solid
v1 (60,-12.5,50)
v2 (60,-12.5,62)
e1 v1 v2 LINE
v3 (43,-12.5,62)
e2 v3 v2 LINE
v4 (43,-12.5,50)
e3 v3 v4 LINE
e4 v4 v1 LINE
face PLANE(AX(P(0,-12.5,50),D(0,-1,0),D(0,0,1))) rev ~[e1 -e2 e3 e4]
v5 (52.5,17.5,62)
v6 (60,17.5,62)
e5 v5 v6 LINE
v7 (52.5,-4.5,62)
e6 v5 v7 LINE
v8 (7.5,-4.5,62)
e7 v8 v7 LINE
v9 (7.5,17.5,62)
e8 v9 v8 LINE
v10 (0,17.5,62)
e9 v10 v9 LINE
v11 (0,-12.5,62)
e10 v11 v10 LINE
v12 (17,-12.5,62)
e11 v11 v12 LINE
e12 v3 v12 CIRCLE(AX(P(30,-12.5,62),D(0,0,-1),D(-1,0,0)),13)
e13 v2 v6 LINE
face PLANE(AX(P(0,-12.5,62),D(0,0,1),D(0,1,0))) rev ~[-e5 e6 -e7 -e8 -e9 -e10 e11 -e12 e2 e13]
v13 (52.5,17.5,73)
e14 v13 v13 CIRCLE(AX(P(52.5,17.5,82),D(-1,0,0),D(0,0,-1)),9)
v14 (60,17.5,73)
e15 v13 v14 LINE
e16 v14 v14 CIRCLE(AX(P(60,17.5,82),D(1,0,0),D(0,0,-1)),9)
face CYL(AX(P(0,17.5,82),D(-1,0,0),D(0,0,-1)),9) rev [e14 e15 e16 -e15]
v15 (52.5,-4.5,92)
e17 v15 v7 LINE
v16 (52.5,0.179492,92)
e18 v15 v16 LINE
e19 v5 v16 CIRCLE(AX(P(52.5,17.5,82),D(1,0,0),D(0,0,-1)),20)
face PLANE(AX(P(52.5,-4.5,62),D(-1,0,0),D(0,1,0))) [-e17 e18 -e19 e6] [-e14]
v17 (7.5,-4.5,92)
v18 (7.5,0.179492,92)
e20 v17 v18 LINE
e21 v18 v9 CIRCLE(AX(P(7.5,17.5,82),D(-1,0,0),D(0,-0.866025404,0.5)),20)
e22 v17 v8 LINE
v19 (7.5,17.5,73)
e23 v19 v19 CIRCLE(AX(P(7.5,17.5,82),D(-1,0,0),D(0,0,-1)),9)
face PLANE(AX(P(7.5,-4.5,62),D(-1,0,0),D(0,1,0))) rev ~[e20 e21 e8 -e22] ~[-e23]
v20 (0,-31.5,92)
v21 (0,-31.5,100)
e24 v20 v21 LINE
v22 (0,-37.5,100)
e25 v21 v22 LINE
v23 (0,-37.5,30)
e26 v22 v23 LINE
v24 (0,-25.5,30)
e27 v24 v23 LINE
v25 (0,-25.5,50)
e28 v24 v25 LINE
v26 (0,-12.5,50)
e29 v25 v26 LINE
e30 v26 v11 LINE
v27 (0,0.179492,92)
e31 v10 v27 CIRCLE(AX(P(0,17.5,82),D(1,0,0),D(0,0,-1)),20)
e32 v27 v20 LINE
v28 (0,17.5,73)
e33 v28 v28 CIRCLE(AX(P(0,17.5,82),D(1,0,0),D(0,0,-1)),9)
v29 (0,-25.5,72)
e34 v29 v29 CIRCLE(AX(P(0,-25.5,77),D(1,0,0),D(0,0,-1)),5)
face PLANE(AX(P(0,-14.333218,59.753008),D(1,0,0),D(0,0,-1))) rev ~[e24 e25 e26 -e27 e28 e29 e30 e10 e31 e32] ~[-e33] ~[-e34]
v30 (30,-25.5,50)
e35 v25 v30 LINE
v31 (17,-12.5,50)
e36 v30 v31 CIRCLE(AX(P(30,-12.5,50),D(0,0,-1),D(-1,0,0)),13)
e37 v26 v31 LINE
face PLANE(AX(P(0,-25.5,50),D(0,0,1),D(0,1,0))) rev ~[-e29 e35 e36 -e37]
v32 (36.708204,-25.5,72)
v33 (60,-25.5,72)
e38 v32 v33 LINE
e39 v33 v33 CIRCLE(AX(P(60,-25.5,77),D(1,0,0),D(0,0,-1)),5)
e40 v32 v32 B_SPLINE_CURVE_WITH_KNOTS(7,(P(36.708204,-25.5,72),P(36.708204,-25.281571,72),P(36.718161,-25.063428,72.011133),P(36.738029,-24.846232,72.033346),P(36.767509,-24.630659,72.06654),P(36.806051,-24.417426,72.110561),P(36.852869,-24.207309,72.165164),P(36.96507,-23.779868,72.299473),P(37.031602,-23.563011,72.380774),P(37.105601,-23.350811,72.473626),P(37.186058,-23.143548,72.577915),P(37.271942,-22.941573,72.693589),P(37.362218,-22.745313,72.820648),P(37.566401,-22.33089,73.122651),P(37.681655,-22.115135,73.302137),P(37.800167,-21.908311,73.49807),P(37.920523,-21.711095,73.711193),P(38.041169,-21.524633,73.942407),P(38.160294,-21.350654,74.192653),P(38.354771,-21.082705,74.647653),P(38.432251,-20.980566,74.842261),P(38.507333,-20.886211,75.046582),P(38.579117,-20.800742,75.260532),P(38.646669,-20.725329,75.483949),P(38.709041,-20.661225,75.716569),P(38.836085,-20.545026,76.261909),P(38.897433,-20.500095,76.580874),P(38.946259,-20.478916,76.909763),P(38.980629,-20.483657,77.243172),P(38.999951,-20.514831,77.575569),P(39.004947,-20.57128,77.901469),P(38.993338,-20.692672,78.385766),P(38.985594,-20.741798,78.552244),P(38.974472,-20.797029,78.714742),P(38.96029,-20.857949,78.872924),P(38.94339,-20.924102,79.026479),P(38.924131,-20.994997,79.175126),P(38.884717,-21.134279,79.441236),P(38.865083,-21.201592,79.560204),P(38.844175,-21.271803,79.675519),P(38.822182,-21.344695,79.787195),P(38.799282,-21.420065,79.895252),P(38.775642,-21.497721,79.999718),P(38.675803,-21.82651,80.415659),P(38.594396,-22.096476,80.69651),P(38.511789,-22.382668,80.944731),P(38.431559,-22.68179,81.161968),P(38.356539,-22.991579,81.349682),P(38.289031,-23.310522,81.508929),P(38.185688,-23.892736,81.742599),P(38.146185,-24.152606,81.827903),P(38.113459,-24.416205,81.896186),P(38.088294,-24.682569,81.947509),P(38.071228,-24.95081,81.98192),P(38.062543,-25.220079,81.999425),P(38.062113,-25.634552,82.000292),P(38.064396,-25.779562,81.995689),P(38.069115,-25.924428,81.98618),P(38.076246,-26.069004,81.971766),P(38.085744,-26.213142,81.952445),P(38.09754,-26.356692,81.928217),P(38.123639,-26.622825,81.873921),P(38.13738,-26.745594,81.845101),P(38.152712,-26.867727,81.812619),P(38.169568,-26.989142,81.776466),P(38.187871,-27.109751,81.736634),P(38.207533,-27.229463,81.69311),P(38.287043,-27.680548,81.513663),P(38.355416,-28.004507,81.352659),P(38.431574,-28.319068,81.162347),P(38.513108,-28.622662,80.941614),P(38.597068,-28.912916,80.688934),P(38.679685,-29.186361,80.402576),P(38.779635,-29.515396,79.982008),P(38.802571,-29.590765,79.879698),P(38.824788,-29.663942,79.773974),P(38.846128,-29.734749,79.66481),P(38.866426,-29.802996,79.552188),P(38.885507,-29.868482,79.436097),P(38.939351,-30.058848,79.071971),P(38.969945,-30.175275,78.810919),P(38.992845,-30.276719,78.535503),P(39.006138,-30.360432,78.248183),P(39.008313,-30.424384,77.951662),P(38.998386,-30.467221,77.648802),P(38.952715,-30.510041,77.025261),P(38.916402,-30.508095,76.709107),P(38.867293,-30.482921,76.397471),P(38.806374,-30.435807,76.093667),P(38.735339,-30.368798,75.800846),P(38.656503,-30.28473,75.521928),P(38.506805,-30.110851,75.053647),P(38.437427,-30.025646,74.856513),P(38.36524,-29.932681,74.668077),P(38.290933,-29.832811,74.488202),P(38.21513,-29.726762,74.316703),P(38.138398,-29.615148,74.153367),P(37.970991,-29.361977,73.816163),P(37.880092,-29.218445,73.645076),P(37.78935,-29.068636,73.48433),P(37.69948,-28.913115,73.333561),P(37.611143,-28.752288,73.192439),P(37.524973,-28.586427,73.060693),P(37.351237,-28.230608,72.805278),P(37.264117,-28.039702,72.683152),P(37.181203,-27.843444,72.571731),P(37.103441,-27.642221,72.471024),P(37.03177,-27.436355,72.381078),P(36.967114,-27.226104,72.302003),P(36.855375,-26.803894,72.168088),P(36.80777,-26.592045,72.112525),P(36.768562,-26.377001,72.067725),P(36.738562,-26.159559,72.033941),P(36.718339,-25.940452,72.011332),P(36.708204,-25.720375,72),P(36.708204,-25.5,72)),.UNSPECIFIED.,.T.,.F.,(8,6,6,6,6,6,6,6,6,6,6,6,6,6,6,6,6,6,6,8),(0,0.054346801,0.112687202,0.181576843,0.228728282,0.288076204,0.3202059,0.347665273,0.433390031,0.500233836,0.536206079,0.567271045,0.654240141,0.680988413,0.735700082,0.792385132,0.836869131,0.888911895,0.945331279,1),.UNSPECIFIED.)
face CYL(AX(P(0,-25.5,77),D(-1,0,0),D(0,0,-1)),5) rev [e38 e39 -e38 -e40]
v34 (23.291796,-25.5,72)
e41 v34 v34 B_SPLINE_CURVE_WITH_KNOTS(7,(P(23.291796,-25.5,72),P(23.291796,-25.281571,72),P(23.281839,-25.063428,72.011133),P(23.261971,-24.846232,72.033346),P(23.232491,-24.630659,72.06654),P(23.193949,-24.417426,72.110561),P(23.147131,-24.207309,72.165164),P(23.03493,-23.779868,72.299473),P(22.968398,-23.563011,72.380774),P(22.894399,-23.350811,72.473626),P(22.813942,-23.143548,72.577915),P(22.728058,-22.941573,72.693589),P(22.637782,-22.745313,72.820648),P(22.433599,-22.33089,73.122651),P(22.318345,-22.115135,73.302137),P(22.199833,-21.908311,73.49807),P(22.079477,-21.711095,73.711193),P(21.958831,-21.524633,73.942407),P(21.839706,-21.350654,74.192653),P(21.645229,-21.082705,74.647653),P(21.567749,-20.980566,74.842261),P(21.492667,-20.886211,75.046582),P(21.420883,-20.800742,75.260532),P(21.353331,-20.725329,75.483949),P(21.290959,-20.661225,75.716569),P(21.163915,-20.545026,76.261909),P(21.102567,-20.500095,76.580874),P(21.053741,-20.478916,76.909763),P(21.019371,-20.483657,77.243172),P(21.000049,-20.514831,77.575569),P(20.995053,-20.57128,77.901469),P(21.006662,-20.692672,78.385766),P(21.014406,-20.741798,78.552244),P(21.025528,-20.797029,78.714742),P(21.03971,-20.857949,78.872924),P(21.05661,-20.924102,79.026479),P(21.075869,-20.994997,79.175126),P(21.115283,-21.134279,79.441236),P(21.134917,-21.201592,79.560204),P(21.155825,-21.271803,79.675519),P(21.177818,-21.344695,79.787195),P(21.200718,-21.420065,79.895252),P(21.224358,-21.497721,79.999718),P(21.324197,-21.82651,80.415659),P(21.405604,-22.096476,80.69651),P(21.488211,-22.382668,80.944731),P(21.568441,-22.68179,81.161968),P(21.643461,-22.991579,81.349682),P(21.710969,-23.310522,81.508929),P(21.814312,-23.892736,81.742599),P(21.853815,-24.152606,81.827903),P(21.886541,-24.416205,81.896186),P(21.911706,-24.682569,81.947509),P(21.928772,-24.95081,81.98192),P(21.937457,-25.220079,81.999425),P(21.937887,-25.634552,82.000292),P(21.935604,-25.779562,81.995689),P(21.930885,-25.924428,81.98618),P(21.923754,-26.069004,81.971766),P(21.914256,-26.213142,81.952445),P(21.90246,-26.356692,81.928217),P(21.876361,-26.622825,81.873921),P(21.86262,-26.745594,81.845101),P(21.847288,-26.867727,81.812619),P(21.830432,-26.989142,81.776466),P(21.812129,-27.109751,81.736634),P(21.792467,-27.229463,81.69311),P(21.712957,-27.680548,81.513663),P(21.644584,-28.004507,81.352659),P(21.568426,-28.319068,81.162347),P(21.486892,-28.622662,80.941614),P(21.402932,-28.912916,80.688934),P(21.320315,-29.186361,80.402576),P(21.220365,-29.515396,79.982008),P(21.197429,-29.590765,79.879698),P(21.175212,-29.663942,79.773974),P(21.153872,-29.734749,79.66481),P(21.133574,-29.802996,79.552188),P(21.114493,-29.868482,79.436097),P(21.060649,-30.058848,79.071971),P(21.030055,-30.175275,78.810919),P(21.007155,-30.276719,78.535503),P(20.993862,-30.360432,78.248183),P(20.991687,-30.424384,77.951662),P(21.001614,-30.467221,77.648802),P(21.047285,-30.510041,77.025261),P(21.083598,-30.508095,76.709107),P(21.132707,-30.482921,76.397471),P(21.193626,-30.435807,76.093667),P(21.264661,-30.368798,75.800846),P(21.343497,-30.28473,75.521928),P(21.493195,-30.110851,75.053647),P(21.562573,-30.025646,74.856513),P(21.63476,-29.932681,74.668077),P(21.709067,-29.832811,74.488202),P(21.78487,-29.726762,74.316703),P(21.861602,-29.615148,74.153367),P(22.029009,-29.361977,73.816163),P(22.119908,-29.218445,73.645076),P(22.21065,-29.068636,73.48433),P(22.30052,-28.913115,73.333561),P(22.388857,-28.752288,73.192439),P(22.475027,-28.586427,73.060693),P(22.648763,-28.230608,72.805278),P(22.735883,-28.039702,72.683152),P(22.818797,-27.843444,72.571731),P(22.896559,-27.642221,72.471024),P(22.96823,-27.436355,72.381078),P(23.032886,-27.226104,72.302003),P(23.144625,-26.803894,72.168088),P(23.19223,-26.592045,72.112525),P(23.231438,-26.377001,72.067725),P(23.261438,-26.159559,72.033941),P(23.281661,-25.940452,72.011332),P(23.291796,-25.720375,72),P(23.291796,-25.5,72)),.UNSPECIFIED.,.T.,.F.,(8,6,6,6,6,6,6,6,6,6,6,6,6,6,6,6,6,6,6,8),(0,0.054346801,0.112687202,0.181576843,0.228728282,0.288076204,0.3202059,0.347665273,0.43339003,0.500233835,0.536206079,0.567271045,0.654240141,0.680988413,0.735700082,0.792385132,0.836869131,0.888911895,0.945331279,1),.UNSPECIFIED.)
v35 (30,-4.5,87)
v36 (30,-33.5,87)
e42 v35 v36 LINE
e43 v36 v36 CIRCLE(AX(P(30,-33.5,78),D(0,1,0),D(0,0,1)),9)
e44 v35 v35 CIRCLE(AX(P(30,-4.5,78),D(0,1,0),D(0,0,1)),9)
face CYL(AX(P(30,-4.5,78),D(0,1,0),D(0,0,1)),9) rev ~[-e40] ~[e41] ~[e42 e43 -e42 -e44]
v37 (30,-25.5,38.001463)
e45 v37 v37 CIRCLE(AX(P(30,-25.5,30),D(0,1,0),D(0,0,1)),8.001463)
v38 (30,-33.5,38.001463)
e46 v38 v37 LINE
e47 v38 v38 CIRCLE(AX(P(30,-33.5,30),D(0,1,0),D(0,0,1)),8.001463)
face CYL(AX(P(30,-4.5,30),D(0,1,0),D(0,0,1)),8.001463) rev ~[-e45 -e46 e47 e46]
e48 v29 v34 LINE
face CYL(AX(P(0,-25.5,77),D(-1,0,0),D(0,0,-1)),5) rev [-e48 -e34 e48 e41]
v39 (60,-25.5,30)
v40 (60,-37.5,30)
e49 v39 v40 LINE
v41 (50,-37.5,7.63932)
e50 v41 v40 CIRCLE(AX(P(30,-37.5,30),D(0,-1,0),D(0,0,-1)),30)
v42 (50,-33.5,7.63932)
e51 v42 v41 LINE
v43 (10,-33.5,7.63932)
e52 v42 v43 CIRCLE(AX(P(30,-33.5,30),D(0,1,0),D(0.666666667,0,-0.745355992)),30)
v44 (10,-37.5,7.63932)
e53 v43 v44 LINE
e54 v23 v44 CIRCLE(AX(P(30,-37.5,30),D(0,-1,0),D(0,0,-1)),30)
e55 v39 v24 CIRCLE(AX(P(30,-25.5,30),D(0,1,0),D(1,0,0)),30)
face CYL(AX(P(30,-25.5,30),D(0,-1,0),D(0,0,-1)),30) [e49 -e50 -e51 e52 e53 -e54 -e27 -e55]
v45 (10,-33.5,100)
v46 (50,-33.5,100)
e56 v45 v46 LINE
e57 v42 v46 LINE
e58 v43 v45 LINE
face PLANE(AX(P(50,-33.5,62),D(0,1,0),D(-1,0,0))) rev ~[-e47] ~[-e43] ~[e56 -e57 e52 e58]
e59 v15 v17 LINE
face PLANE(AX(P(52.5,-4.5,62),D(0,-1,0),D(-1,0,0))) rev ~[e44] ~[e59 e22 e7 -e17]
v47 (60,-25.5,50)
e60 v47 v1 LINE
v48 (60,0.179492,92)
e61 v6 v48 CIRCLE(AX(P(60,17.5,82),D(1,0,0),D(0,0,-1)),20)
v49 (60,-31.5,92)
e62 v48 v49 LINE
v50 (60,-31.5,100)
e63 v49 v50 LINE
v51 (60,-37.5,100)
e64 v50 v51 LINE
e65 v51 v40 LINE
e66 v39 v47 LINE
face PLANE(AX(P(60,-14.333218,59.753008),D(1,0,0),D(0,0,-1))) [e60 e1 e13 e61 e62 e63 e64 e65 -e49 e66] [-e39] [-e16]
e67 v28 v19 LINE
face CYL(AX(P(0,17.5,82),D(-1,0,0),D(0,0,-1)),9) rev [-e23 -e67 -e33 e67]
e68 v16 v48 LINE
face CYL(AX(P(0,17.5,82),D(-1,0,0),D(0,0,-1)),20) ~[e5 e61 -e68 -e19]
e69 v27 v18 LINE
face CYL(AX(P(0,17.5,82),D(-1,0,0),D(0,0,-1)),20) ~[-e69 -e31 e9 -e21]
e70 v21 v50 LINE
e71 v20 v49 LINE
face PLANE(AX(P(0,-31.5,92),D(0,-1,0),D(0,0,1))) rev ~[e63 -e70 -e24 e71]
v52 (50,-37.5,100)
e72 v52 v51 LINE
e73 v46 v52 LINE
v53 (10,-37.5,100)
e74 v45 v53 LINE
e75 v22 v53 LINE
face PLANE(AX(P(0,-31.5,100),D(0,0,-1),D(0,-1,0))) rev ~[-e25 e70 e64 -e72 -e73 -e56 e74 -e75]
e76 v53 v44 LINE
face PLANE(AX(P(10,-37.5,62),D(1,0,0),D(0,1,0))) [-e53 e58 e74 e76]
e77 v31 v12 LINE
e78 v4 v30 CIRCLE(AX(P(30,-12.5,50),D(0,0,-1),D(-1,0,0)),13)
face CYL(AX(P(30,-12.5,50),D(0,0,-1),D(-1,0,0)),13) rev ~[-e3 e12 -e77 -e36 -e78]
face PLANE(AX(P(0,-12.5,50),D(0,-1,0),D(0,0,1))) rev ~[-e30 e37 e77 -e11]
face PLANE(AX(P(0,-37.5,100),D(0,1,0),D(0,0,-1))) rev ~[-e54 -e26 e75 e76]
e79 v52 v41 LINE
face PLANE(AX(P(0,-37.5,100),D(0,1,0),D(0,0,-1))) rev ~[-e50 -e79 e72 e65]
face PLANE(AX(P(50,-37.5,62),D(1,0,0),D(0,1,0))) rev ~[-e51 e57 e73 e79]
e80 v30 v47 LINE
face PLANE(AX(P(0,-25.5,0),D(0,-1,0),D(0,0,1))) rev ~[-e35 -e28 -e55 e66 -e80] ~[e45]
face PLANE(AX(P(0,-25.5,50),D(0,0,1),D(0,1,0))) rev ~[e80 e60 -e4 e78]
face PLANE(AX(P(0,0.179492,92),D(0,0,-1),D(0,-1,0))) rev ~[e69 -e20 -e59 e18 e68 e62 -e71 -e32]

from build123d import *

# Parameters (mm, degrees)
ESQUISSE2_R             = 9
ESQUISSE2_R_2           = 5
BOSS_EXTRU_1_DEPTH      = 60
ESQUISSE3_W             = 40
ESQUISSE3_H             = 4
ESQUISSE3_W_2           = 45
ESQUISSE3_H_2           = 42
ENL_V_MAT_EXTRU_1_DEPTH = 85
CONG_1_RADIUS           = 30
CONG_1_LENGTH           = 12
ESQUISSE4_R             = 9
ESQUISSE4_R_2           = 8.001463265
ENL_V_MAT_EXTRU_2_DEPTH = 85
ESQUISSE5_R             = 13
ENL_V_MAT_EXTRU_3_DEPTH = 12


with BuildPart() as part:
    # Esquisse2 → Boss.-Extru.1 (new body)
    with BuildSketch(Plane(origin=(0, 0, 0), x_dir=(0, 0, -1), z_dir=(1, 0, 0))):
        with BuildLine():
            Line((0, -25.5), (-50, -25.5))
            Line((-50, -25.5), (-50, -12.5))
            Line((-50, -12.5), (-62, -12.5))
            Line((-62, -12.5), (-62, 17.5))
            ThreePointArc((-62, 17.5), (-92, 34.820508076), (-92, 0.179491924))
            Line((-92, 0.179491924), (-92, -31.5))
            Line((-92, -31.5), (-100, -31.5))
            Line((-100, -31.5), (-100, -37.5))
            Line((-100, -37.5), (0, -37.5))
            Line((0, -37.5), (0, -25.5))
        make_face()
        with Locations((-82, 17.5)):
            Circle(ESQUISSE2_R, mode=Mode.SUBTRACT)
        with Locations((-77, -25.5)):
            Circle(ESQUISSE2_R_2, mode=Mode.SUBTRACT)
    extrude(amount=BOSS_EXTRU_1_DEPTH)

    # Esquisse3 → Enlèv. mat.-Extru.1 (cut, symmetric)
    with BuildSketch(Plane(origin=(0, 0, 62), x_dir=(-1, 0, 0), z_dir=(0, 0, -1))):
        with Locations((-30, -35.5)):
            Rectangle(ESQUISSE3_W, ESQUISSE3_H)
        with Locations((-30, 16.5)):
            Rectangle(ESQUISSE3_W_2, ESQUISSE3_H_2)
    extrude(amount=ENL_V_MAT_EXTRU_1_DEPTH, both=True, mode=Mode.SUBTRACT)

    # Congé1: full round fillet: the end face becomes a half cylinder, R = half its width
    cong_1_face = Plane((30, -31.5, 0), x_dir=(0, -1, 0), z_dir=(0, 0, -1))  # on the end face: x along it, z out of the body
    cong_1_slab = cong_1_face.offset(-CONG_1_RADIUS / 2) * Box(CONG_1_LENGTH, 2 * CONG_1_RADIUS, CONG_1_RADIUS, mode=Mode.PRIVATE)  # the body's end, R deep
    cong_1_round = Plane((30, -31.5, 30), x_dir=(0, 0, -1), z_dir=(0, -1, 0)) * Cylinder(CONG_1_RADIUS, CONG_1_LENGTH, mode=Mode.PRIVATE)  # its axis R under the face
    add(cong_1_slab - cong_1_round, mode=Mode.SUBTRACT)

    # Esquisse4 → Enlèv. mat.-Extru.2 (cut, symmetric)
    with BuildSketch(Plane(origin=(0, -4.5, 0), x_dir=(1, 0, 0), z_dir=(0, 1, 0))):
        with Locations(Location((30, -78, 0), (0, 0, 270))):
            Circle(ESQUISSE4_R)
        with Locations(Location((30, -30, 0), (0, 0, 270))):
            Circle(ESQUISSE4_R_2)
    extrude(amount=ENL_V_MAT_EXTRU_2_DEPTH, both=True, mode=Mode.SUBTRACT)

    # Esquisse5 → Enlèv. mat.-Extru.3 (cut)
    with BuildSketch(Plane(origin=(0, 0, 50), x_dir=(-1, 0, 0), z_dir=(0, 0, -1))):
        with Locations((-30, -12.5)):
            Circle(ESQUISSE5_R)
    extrude(amount=-ENL_V_MAT_EXTRU_3_DEPTH, mode=Mode.SUBTRACT)


solid = part.part
